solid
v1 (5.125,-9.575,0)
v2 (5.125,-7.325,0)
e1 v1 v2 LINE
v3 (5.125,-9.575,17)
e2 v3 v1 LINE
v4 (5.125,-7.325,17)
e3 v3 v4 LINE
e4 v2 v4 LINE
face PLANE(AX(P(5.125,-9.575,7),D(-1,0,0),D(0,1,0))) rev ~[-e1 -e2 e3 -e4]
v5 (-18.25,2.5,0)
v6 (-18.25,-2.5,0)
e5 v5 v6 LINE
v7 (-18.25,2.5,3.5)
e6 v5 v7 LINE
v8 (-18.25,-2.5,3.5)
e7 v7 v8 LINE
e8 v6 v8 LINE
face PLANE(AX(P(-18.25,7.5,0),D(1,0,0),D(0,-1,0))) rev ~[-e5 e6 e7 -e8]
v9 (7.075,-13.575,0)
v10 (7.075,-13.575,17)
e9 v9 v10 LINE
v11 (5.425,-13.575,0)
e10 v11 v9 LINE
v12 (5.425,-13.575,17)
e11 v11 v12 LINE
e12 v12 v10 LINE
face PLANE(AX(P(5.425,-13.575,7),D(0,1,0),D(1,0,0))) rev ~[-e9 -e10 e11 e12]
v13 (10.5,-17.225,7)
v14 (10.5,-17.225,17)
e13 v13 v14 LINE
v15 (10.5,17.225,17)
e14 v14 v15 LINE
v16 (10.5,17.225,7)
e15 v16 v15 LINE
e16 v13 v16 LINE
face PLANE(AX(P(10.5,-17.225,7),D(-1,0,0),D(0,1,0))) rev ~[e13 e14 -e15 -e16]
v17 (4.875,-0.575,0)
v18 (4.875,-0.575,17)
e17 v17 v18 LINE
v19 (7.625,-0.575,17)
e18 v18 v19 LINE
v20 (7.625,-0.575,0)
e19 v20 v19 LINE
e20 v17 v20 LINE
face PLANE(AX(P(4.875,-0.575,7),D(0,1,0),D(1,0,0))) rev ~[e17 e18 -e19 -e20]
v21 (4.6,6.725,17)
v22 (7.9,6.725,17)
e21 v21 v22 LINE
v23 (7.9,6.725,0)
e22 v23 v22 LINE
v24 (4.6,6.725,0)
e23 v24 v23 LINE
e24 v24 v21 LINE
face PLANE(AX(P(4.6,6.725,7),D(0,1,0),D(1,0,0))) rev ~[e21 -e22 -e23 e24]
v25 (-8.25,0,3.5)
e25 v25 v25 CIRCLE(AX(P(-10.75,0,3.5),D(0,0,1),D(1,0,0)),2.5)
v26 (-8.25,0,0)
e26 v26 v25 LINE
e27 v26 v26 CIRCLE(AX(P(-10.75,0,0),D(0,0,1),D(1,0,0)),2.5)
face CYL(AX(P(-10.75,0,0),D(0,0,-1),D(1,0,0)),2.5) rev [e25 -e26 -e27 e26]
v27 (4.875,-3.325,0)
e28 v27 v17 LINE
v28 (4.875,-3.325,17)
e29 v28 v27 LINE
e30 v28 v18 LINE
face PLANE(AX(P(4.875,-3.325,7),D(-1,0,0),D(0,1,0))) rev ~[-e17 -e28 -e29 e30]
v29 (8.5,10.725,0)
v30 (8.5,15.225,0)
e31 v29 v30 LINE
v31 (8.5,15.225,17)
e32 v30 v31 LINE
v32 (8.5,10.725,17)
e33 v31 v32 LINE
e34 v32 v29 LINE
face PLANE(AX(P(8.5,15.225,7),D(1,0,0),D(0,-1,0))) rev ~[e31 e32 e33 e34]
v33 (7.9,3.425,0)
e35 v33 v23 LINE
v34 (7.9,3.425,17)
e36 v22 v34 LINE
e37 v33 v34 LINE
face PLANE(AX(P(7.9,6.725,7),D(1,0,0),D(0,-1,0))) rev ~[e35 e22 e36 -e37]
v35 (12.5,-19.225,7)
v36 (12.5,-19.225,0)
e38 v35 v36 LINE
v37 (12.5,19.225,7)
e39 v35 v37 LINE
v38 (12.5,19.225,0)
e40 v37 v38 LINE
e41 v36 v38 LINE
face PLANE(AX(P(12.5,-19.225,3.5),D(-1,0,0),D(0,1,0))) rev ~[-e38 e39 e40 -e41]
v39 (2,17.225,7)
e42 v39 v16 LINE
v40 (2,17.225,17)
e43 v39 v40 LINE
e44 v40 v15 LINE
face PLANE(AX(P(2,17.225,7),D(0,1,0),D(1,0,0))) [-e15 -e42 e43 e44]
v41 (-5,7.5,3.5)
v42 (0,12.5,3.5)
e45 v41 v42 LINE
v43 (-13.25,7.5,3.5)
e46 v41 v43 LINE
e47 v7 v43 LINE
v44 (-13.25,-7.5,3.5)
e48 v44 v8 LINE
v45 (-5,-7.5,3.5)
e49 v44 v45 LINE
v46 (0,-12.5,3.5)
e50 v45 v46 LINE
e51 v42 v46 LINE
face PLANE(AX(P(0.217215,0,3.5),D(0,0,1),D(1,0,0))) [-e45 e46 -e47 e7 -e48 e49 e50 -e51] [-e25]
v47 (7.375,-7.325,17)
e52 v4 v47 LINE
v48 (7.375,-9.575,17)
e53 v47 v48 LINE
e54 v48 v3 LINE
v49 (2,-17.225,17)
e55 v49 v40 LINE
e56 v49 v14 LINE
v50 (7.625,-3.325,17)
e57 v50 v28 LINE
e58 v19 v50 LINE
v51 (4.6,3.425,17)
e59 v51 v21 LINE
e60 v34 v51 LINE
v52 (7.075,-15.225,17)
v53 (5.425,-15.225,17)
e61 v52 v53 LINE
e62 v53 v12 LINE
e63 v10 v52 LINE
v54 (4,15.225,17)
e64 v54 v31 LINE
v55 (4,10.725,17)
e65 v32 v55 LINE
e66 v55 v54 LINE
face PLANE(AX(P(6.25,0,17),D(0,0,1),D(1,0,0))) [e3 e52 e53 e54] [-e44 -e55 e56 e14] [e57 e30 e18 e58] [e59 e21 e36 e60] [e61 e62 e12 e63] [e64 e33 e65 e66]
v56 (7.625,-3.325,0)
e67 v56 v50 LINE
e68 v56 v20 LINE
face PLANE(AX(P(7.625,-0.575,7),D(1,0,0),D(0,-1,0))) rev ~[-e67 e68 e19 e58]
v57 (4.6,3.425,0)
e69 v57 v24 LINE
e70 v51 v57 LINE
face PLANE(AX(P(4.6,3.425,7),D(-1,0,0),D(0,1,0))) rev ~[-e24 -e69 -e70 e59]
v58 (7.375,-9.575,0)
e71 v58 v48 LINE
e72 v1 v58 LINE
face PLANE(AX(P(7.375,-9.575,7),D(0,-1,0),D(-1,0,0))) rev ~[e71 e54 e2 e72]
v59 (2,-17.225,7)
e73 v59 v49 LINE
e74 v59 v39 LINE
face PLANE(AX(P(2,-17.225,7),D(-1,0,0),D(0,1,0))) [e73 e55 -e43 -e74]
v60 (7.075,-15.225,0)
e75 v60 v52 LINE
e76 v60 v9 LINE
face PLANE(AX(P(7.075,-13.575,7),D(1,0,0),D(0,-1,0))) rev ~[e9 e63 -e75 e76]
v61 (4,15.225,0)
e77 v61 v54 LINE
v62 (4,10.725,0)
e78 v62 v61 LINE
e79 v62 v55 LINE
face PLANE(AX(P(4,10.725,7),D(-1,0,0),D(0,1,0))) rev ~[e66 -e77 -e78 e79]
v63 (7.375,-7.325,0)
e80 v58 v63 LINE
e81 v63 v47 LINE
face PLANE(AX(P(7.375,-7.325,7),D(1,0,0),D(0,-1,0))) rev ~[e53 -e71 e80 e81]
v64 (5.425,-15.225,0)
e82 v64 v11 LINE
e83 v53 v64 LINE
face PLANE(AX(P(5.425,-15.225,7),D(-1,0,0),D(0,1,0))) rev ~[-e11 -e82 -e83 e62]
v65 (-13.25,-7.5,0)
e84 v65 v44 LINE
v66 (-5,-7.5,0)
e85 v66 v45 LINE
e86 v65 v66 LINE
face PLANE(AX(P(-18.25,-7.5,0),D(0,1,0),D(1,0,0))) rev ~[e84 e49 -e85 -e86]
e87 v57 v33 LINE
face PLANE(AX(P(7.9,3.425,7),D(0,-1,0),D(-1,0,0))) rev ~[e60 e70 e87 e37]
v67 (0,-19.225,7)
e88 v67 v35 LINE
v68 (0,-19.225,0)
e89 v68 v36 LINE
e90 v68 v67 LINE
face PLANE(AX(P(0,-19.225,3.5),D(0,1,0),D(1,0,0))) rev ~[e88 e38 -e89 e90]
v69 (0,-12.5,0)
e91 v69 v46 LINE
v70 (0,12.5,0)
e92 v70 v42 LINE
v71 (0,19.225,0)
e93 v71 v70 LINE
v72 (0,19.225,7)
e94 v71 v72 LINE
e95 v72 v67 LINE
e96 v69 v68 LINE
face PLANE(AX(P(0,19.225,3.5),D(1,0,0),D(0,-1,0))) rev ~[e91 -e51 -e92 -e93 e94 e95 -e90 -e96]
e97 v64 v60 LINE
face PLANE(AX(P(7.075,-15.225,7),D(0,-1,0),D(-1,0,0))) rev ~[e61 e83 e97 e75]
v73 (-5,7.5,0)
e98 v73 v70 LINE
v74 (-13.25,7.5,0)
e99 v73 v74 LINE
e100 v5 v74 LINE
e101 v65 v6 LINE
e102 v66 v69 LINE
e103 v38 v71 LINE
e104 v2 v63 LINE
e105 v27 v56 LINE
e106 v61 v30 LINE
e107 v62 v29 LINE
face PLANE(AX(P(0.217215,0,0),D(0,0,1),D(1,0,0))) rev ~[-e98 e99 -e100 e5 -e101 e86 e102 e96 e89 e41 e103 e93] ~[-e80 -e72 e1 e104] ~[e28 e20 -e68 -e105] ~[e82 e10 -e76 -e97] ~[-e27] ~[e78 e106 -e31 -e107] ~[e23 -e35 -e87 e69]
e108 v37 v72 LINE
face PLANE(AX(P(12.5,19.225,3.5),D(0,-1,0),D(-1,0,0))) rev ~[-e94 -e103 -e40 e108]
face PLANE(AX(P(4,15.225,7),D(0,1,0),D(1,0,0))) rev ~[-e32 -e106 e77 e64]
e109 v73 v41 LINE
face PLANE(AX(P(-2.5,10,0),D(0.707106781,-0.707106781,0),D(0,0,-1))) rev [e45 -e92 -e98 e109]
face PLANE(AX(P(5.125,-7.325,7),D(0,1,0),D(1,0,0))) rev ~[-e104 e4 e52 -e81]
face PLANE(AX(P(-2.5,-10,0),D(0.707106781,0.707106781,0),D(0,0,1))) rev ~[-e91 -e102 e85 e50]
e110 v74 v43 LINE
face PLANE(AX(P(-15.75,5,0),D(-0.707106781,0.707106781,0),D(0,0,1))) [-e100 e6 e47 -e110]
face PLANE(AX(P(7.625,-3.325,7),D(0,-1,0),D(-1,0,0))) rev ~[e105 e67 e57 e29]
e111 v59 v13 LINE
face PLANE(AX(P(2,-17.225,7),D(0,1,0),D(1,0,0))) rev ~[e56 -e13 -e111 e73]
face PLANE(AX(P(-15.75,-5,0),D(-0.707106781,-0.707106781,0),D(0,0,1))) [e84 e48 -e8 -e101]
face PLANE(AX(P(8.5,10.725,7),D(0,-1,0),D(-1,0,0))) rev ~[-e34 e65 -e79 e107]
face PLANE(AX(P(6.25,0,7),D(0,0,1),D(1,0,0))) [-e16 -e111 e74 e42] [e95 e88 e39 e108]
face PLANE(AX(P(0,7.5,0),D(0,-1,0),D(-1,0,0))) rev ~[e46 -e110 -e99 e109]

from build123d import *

# Parameters (mm, degrees)
F0_W     = 1.65
F0_H     = 1.65
F0_W_2   = 2.25
F0_H_2   = 2.25
F0_W_3   = 2.75
F0_H_3   = 2.75
F0_R     = 2.5
F0_W_4   = 3.3
F0_H_4   = 3.3
F0_W_5   = 4.5
F0_H_5   = 4.5
F1_DEPTH = 3.5
F2_W     = 1.65
F2_H     = 1.65
F2_W_2   = 2.25
F2_H_2   = 2.25
F2_W_3   = 2.75
F2_H_3   = 2.75
F2_W_4   = 3.3
F2_H_4   = 3.3
F2_W_5   = 4.5
F2_H_5   = 4.5
F3_DEPTH = 3.5
F4_W     = 8.5
F4_H     = 34.45
F5_DEPTH = 10
F6_SIZE  = 5


with BuildPart() as f1:
    # F0 (on Top) → F1 (new body)
    with BuildSketch(Plane.XY):
        Polygon((12.5, 19.225), (0, 19.225), (0, 7.5), (-18.25, 7.5), (-18.25, -7.5), (0, -7.5), (0, -19.225), (12.5, -19.225), align=None)
        with Locations((6.25, -14.4)):
            Rectangle(F0_W, F0_H, mode=Mode.SUBTRACT)
        with Locations((6.25, -8.45)):
            Rectangle(F0_W_2, F0_H_2, mode=Mode.SUBTRACT)
        with Locations((6.25, -1.95)):
            Rectangle(F0_W_3, F0_H_3, mode=Mode.SUBTRACT)
        with Locations((-10.75, 0)):
            Circle(F0_R, mode=Mode.SUBTRACT)
        with Locations((6.25, 5.075)):
            Rectangle(F0_W_4, F0_H_4, mode=Mode.SUBTRACT)
        with Locations((6.25, 12.975)):
            Rectangle(F0_W_5, F0_H_5, mode=Mode.SUBTRACT)
    extrude(amount=F1_DEPTH)

    # F2 (on face) → F3 (join)
    with BuildSketch(Plane.XY.offset(3.5)):
        Polygon((12.5, 19.225), (0, 19.225), (0, 7.5), (0, -7.5), (0, -19.225), (12.5, -19.225), align=None)
        with Locations((6.25, -14.4)):
            Rectangle(F2_W, F2_H, mode=Mode.SUBTRACT)
        with Locations((6.25, -8.45)):
            Rectangle(F2_W_2, F2_H_2, mode=Mode.SUBTRACT)
        with Locations((6.25, -1.95)):
            Rectangle(F2_W_3, F2_H_3, mode=Mode.SUBTRACT)
        with Locations((6.25, 5.075)):
            Rectangle(F2_W_4, F2_H_4, mode=Mode.SUBTRACT)
        with Locations((6.25, 12.975)):
            Rectangle(F2_W_5, F2_H_5, mode=Mode.SUBTRACT)
    extrude(amount=F3_DEPTH)

    # F4 (on face) → F5 (join)
    with BuildSketch(Plane.XY.offset(7)):
        with Locations((6.25, 0)):
            Rectangle(F4_W, F4_H)
        Polygon((5.425, -13.575), (6.75, -13.575), (7.075, -13.575), (7.075, -14.5), (7.075, -15.225), (6.75, -15.225), (5.425, -15.225), (5.425, -14.5), align=None, mode=Mode.SUBTRACT)
        Polygon((5.125, -7.325), (7, -7.325), (7.375, -7.325), (7.375, -9), (7.375, -9.575), (7, -9.575), (5.125, -9.575), (5.125, -9), align=None, mode=Mode.SUBTRACT)
        Polygon((4.875, -0.575), (7.25, -0.575), (7.625, -0.575), (7.625, -3), (7.625, -3.325), (7.25, -3.325), (4.875, -3.325), (4.875, -3), align=None, mode=Mode.SUBTRACT)
        Polygon((4.6, 6.725), (7.5, 6.725), (7.9, 6.725), (7.9, 6.5), (7.9, 3.5), (7.9, 3.425), (7.5, 3.425), (4.6, 3.425), (4.6, 3.5), (4.6, 6.5), align=None, mode=Mode.SUBTRACT)
        Polygon((8, 10.725), (4, 10.725), (4, 14.5), (4, 15.225), (8, 15.225), (8.5, 15.225), (8.5, 14.5), (8.5, 10.725), align=None, mode=Mode.SUBTRACT)
    extrude(amount=F5_DEPTH)

    # F6
    f6_edges = [f1.edges().sort_by_distance(p)[0] for p in [
        (0, 7.5, 1.75),
        (0, -7.5, 1.75),
        (-18.25, -7.5, 1.75),
        (-18.25, 7.5, 1.75),
    ]]
    chamfer(f6_edges, length=F6_SIZE)


solid = f1.part
